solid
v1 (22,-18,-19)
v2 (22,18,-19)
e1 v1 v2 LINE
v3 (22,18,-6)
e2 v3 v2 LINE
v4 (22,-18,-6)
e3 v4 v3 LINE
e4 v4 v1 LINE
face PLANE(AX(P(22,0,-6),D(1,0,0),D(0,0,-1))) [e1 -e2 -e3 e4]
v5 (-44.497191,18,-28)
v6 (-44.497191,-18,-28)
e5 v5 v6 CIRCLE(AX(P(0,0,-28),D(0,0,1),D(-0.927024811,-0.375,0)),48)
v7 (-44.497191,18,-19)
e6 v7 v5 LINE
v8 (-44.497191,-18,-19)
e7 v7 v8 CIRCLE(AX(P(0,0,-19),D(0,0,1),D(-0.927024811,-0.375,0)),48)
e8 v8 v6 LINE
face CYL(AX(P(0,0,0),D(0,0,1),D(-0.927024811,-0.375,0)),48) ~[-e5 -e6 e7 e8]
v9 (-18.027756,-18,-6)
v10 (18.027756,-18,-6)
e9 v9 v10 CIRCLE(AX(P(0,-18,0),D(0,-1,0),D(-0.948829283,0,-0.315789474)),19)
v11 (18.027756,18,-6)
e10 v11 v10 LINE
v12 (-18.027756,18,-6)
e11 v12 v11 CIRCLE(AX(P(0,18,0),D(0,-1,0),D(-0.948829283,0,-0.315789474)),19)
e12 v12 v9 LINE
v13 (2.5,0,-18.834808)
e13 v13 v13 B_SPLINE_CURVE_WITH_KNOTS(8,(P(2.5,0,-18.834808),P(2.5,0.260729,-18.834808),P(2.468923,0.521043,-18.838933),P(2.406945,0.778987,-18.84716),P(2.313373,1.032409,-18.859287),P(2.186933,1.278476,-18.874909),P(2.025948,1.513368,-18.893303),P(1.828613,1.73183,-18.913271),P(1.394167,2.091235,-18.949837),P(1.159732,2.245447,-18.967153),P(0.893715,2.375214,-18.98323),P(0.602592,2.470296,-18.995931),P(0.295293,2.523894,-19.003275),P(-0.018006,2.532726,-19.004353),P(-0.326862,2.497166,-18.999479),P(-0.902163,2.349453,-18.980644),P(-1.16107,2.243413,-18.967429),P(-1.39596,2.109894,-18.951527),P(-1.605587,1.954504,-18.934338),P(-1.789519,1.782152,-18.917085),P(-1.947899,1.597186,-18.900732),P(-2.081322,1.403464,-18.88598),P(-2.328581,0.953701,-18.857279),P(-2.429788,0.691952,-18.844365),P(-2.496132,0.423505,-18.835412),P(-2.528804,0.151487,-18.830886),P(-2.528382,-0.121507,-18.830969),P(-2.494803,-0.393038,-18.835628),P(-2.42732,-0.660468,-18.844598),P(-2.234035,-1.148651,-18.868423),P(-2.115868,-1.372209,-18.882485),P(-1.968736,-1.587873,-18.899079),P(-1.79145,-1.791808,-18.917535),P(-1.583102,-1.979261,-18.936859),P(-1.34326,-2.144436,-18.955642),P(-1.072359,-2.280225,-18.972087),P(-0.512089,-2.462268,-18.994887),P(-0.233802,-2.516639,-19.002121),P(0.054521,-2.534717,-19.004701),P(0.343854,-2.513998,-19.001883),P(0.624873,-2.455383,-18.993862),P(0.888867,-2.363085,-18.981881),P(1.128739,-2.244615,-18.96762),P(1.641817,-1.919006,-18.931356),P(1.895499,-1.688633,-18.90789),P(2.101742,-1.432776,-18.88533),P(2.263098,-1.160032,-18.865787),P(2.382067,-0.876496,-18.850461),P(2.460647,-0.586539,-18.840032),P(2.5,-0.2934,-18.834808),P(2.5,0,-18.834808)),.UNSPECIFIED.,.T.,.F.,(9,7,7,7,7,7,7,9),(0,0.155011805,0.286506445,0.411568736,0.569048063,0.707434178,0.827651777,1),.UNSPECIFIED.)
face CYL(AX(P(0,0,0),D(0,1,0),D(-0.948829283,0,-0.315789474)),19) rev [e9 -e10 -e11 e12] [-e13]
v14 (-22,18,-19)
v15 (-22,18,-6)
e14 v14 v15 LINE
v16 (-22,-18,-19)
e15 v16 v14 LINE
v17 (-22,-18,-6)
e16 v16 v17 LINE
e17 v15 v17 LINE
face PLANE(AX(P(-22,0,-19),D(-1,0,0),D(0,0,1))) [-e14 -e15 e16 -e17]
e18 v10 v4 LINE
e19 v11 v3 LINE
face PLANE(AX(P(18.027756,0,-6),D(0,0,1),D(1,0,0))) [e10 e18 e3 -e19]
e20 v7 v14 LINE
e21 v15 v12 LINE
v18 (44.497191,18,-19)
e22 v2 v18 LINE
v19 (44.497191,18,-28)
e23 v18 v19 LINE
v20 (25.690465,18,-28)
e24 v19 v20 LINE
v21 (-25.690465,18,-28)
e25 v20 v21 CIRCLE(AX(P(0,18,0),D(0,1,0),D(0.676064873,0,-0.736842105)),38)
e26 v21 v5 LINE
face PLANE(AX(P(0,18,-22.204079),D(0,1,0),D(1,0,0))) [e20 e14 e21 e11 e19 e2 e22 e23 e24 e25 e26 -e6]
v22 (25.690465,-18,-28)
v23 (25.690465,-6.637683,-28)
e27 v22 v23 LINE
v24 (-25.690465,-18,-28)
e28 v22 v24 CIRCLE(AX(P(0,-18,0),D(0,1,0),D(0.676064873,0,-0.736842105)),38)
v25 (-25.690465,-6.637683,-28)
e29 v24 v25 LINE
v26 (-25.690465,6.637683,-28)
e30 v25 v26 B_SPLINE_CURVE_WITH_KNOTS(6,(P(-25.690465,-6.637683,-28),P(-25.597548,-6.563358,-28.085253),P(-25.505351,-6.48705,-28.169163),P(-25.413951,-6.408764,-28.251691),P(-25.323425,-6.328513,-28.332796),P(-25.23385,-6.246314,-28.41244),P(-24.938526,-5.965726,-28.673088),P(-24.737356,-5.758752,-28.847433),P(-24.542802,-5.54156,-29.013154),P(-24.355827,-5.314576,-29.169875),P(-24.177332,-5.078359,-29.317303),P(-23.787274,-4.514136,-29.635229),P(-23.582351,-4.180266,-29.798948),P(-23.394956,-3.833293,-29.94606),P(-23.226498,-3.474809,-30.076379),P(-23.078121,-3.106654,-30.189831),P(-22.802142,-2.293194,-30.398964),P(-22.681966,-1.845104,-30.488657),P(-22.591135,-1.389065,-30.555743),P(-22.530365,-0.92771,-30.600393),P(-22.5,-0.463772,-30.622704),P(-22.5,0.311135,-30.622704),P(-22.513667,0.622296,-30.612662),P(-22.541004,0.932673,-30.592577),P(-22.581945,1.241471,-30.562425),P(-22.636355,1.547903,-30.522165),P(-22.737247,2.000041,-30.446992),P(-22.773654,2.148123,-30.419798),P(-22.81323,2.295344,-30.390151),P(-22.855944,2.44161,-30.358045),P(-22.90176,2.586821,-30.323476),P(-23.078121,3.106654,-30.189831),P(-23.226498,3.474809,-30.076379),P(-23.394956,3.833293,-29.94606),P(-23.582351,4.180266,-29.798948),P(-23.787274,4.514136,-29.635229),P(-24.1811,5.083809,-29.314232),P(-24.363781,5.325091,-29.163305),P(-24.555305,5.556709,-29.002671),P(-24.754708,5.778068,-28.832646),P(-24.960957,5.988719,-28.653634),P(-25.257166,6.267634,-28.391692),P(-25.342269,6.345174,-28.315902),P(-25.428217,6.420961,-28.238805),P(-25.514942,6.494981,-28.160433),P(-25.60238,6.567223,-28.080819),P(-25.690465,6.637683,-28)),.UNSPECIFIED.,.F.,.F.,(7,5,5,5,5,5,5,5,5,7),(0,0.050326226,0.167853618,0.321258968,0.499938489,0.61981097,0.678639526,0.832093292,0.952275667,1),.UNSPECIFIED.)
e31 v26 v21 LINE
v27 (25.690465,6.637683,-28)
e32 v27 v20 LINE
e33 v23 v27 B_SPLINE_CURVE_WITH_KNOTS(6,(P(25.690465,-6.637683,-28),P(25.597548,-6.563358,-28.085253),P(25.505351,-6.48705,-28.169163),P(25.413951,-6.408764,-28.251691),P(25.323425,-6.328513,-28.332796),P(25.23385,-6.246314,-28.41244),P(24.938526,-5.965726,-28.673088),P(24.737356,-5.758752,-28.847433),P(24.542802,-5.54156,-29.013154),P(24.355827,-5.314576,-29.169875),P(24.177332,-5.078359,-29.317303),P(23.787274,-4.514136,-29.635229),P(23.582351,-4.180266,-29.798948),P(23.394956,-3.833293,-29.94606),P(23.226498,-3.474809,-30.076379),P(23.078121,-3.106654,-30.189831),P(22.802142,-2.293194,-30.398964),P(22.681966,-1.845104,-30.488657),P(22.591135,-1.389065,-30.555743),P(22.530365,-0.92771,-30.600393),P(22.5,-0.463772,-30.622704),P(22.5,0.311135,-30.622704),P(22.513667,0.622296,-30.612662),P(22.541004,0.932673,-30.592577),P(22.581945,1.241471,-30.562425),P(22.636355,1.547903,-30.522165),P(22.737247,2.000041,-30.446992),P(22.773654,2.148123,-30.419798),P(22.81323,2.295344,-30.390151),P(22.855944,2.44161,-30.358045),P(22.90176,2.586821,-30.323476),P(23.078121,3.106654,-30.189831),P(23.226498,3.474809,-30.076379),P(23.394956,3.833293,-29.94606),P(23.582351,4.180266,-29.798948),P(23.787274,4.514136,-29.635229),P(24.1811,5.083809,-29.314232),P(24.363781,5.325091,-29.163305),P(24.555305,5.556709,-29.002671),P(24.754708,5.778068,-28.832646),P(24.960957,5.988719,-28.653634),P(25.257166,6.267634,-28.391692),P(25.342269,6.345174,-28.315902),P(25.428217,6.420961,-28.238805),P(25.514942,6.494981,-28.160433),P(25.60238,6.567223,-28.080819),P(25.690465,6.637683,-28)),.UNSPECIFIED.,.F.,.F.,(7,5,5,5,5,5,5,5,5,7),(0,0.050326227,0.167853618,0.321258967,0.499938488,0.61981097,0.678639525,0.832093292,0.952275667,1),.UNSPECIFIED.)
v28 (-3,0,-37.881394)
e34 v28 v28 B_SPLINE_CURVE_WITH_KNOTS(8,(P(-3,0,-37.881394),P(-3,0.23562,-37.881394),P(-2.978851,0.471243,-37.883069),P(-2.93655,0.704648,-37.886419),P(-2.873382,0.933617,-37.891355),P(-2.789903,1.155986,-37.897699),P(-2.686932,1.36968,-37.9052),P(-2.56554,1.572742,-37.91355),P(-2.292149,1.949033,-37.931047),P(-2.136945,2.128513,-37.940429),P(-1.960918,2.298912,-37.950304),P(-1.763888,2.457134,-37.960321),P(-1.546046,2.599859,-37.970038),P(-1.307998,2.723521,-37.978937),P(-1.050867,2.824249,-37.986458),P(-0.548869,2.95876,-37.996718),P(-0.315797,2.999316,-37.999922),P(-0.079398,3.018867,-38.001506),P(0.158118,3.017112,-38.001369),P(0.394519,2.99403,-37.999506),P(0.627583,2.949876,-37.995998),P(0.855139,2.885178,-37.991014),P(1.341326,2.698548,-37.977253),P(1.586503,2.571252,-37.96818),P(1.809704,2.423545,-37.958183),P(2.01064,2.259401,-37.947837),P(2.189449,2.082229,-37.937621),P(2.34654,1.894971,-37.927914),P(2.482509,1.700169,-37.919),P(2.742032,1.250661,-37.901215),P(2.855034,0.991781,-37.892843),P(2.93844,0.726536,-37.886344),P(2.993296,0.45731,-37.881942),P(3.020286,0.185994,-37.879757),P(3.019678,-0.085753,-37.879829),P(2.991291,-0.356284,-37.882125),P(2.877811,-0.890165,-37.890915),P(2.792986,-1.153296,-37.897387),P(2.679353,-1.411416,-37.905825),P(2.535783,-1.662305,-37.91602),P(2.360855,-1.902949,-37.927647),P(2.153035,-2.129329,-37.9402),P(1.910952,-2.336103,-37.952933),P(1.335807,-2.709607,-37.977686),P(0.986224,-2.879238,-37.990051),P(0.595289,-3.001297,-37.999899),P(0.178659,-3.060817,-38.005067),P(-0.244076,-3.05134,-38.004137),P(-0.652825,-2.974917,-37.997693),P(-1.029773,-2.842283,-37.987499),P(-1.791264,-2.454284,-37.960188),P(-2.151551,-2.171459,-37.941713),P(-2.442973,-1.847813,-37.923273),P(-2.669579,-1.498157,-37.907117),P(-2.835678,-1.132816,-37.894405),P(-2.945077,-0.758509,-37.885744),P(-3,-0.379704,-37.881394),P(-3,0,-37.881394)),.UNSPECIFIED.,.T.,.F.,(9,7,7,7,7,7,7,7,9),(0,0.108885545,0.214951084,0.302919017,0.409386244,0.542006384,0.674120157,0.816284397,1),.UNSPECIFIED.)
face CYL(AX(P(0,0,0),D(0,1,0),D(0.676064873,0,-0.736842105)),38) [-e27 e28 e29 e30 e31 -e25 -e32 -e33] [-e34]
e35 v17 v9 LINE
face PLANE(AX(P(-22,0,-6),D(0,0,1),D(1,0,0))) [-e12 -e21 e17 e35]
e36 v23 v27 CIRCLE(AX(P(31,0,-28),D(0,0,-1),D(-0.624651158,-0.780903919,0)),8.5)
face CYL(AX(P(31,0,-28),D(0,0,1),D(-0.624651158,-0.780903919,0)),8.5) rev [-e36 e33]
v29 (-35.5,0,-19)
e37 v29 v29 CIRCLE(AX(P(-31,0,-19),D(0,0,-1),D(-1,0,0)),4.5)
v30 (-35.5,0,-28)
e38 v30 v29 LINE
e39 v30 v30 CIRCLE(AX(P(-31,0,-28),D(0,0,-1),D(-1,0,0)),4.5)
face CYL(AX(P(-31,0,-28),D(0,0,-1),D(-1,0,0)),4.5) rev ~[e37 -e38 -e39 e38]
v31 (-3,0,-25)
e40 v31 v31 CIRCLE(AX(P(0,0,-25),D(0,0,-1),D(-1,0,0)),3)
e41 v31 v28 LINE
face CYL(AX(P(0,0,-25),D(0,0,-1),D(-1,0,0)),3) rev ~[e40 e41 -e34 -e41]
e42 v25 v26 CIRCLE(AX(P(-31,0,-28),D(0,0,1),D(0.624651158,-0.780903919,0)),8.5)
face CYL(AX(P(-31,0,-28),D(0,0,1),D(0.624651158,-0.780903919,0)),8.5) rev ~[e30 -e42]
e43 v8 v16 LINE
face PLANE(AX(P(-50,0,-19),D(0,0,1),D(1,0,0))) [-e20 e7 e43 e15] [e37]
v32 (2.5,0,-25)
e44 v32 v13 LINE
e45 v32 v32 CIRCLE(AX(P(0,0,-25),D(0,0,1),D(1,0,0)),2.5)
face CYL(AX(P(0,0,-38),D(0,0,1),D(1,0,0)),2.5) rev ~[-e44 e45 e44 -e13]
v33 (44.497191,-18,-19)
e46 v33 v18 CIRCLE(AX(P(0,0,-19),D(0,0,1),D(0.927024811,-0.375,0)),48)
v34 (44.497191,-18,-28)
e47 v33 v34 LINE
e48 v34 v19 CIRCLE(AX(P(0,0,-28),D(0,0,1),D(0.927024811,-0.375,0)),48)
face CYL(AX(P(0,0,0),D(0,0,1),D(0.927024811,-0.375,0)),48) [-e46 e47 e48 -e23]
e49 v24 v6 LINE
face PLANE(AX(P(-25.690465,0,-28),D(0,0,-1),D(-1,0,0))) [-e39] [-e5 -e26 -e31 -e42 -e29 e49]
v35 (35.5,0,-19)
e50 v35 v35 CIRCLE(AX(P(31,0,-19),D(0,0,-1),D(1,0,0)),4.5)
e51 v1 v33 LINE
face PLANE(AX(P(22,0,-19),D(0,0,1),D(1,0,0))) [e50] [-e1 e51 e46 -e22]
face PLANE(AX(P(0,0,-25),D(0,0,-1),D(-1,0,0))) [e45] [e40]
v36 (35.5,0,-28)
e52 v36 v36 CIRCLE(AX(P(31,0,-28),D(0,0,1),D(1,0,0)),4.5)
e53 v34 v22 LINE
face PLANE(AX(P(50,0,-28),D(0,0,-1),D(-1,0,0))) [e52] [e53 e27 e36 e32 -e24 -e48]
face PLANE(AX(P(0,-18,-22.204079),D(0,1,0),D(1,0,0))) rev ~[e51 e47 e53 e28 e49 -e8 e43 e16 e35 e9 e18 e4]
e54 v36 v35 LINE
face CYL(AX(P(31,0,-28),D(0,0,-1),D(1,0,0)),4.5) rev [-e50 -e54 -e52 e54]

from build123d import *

# Parameters (mm, degrees)
BOSS_EXTRUDE1_DEPTH                     = 18
SKETCH2_R                               = 4.5
CUT_EXTRUDE1_DEPTH                      = 23
CUT_EXTRUDE9_DEPTH                      = 11
CUT_EXTRUDE10_DEPTH                     = 39.0000001
CBORE_FOR_M5_HEX_HEAD_BOLT1_D           = 5
CBORE_FOR_M5_HEX_HEAD_BOLT1_CBORE_D     = 6
CBORE_FOR_M5_HEX_HEAD_BOLT1_CBORE_DEPTH = 13


with BuildPart() as part:
    # Sketch1 → Boss-Extrude1 (new body, symmetric)
    with BuildSketch(Plane(origin=(0, 0, 0), x_dir=(1, 0, 0), z_dir=(0, 1, 0))):
        with BuildLine():
            Line((18.027756377, 6), (22, 6))
            Line((22, 6), (22, 19))
            Line((22, 19), (50, 19))
            Line((50, 19), (50, 28))
            Line((50, 28), (25.690465157, 28))
            ThreePointArc((25.690465157, 28), (0, 38), (-25.690465157, 28))
            Line((-25.690465157, 28), (-50, 28))
            Line((-50, 28), (-50, 19))
            Line((-50, 19), (-22, 19))
            Line((-22, 19), (-22, 6))
            Line((-22, 6), (-18.027756377, 6))
            ThreePointArc((-18.027756377, 6), (0, 19), (18.027756377, 6))
        make_face()
    extrude(amount=BOSS_EXTRUDE1_DEPTH, both=True)

    # Sketch2 → Cut-Extrude1 (cut, through all)
    with BuildSketch(Plane(origin=(0, 0, -28), x_dir=(-1, 0, 0), z_dir=(0, 0, -1))):
        with Locations((31, 0)):
            Circle(SKETCH2_R)
    cut_extrude1 = extrude(amount=-CUT_EXTRUDE1_DEPTH, mode=Mode.SUBTRACT)

    # Sketch3 → Cut-Extrude9 (cut, through all)
    with BuildSketch(Plane(origin=(0, 0, -28), x_dir=(-1, 0, 0), z_dir=(0, 0, -1))):
        with BuildLine():
            Line((25.690465157, 6.637683312), (25.690465157, -6.637683312))
            ThreePointArc((25.690465157, -6.637683312), (22.5, 0), (25.690465157, 6.637683312))
        make_face()
    cut_extrude9 = extrude(amount=CUT_EXTRUDE9_DEPTH, mode=Mode.SUBTRACT)

    # Sketch5 → Cut-Extrude10 (cut, through all)
    with BuildSketch(Plane.XY):
        with BuildLine():
            Line((-50, 18), (-50, -18))
            Line((-50, -18), (-44.497190923, -18))
            ThreePointArc((-44.497190923, -18), (-48, 0), (-44.497190923, 18))
            Line((-44.497190923, 18), (-50, 18))
        make_face()
    cut_extrude10 = extrude(amount=-CUT_EXTRUDE10_DEPTH, mode=Mode.SUBTRACT)

    # CBORE for M5 Hex Head Bolt1 (through all)
    with Locations(Plane(origin=(0, 0, -38), x_dir=(-1, 0, 0), z_dir=(0, 0, -1))):
        with Locations((0, 0)):
            CounterBoreHole(CBORE_FOR_M5_HEX_HEAD_BOLT1_D / 2, CBORE_FOR_M5_HEX_HEAD_BOLT1_CBORE_D / 2, CBORE_FOR_M5_HEX_HEAD_BOLT1_CBORE_DEPTH)

    # Mirror1: Cut-Extrude1, Cut-Extrude9, Cut-Extrude10 across plane
    add(cut_extrude1.mirror(Plane(origin=(0, 0, 0), x_dir=(0, 0, 1), z_dir=(1, 0, 0))), mode=Mode.SUBTRACT)
    add(cut_extrude9.mirror(Plane(origin=(0, 0, 0), x_dir=(0, 0, 1), z_dir=(1, 0, 0))), mode=Mode.SUBTRACT)
    add(cut_extrude10.mirror(Plane(origin=(0, 0, 0), x_dir=(0, 0, 1), z_dir=(1, 0, 0))), mode=Mode.SUBTRACT)


solid = part.part
